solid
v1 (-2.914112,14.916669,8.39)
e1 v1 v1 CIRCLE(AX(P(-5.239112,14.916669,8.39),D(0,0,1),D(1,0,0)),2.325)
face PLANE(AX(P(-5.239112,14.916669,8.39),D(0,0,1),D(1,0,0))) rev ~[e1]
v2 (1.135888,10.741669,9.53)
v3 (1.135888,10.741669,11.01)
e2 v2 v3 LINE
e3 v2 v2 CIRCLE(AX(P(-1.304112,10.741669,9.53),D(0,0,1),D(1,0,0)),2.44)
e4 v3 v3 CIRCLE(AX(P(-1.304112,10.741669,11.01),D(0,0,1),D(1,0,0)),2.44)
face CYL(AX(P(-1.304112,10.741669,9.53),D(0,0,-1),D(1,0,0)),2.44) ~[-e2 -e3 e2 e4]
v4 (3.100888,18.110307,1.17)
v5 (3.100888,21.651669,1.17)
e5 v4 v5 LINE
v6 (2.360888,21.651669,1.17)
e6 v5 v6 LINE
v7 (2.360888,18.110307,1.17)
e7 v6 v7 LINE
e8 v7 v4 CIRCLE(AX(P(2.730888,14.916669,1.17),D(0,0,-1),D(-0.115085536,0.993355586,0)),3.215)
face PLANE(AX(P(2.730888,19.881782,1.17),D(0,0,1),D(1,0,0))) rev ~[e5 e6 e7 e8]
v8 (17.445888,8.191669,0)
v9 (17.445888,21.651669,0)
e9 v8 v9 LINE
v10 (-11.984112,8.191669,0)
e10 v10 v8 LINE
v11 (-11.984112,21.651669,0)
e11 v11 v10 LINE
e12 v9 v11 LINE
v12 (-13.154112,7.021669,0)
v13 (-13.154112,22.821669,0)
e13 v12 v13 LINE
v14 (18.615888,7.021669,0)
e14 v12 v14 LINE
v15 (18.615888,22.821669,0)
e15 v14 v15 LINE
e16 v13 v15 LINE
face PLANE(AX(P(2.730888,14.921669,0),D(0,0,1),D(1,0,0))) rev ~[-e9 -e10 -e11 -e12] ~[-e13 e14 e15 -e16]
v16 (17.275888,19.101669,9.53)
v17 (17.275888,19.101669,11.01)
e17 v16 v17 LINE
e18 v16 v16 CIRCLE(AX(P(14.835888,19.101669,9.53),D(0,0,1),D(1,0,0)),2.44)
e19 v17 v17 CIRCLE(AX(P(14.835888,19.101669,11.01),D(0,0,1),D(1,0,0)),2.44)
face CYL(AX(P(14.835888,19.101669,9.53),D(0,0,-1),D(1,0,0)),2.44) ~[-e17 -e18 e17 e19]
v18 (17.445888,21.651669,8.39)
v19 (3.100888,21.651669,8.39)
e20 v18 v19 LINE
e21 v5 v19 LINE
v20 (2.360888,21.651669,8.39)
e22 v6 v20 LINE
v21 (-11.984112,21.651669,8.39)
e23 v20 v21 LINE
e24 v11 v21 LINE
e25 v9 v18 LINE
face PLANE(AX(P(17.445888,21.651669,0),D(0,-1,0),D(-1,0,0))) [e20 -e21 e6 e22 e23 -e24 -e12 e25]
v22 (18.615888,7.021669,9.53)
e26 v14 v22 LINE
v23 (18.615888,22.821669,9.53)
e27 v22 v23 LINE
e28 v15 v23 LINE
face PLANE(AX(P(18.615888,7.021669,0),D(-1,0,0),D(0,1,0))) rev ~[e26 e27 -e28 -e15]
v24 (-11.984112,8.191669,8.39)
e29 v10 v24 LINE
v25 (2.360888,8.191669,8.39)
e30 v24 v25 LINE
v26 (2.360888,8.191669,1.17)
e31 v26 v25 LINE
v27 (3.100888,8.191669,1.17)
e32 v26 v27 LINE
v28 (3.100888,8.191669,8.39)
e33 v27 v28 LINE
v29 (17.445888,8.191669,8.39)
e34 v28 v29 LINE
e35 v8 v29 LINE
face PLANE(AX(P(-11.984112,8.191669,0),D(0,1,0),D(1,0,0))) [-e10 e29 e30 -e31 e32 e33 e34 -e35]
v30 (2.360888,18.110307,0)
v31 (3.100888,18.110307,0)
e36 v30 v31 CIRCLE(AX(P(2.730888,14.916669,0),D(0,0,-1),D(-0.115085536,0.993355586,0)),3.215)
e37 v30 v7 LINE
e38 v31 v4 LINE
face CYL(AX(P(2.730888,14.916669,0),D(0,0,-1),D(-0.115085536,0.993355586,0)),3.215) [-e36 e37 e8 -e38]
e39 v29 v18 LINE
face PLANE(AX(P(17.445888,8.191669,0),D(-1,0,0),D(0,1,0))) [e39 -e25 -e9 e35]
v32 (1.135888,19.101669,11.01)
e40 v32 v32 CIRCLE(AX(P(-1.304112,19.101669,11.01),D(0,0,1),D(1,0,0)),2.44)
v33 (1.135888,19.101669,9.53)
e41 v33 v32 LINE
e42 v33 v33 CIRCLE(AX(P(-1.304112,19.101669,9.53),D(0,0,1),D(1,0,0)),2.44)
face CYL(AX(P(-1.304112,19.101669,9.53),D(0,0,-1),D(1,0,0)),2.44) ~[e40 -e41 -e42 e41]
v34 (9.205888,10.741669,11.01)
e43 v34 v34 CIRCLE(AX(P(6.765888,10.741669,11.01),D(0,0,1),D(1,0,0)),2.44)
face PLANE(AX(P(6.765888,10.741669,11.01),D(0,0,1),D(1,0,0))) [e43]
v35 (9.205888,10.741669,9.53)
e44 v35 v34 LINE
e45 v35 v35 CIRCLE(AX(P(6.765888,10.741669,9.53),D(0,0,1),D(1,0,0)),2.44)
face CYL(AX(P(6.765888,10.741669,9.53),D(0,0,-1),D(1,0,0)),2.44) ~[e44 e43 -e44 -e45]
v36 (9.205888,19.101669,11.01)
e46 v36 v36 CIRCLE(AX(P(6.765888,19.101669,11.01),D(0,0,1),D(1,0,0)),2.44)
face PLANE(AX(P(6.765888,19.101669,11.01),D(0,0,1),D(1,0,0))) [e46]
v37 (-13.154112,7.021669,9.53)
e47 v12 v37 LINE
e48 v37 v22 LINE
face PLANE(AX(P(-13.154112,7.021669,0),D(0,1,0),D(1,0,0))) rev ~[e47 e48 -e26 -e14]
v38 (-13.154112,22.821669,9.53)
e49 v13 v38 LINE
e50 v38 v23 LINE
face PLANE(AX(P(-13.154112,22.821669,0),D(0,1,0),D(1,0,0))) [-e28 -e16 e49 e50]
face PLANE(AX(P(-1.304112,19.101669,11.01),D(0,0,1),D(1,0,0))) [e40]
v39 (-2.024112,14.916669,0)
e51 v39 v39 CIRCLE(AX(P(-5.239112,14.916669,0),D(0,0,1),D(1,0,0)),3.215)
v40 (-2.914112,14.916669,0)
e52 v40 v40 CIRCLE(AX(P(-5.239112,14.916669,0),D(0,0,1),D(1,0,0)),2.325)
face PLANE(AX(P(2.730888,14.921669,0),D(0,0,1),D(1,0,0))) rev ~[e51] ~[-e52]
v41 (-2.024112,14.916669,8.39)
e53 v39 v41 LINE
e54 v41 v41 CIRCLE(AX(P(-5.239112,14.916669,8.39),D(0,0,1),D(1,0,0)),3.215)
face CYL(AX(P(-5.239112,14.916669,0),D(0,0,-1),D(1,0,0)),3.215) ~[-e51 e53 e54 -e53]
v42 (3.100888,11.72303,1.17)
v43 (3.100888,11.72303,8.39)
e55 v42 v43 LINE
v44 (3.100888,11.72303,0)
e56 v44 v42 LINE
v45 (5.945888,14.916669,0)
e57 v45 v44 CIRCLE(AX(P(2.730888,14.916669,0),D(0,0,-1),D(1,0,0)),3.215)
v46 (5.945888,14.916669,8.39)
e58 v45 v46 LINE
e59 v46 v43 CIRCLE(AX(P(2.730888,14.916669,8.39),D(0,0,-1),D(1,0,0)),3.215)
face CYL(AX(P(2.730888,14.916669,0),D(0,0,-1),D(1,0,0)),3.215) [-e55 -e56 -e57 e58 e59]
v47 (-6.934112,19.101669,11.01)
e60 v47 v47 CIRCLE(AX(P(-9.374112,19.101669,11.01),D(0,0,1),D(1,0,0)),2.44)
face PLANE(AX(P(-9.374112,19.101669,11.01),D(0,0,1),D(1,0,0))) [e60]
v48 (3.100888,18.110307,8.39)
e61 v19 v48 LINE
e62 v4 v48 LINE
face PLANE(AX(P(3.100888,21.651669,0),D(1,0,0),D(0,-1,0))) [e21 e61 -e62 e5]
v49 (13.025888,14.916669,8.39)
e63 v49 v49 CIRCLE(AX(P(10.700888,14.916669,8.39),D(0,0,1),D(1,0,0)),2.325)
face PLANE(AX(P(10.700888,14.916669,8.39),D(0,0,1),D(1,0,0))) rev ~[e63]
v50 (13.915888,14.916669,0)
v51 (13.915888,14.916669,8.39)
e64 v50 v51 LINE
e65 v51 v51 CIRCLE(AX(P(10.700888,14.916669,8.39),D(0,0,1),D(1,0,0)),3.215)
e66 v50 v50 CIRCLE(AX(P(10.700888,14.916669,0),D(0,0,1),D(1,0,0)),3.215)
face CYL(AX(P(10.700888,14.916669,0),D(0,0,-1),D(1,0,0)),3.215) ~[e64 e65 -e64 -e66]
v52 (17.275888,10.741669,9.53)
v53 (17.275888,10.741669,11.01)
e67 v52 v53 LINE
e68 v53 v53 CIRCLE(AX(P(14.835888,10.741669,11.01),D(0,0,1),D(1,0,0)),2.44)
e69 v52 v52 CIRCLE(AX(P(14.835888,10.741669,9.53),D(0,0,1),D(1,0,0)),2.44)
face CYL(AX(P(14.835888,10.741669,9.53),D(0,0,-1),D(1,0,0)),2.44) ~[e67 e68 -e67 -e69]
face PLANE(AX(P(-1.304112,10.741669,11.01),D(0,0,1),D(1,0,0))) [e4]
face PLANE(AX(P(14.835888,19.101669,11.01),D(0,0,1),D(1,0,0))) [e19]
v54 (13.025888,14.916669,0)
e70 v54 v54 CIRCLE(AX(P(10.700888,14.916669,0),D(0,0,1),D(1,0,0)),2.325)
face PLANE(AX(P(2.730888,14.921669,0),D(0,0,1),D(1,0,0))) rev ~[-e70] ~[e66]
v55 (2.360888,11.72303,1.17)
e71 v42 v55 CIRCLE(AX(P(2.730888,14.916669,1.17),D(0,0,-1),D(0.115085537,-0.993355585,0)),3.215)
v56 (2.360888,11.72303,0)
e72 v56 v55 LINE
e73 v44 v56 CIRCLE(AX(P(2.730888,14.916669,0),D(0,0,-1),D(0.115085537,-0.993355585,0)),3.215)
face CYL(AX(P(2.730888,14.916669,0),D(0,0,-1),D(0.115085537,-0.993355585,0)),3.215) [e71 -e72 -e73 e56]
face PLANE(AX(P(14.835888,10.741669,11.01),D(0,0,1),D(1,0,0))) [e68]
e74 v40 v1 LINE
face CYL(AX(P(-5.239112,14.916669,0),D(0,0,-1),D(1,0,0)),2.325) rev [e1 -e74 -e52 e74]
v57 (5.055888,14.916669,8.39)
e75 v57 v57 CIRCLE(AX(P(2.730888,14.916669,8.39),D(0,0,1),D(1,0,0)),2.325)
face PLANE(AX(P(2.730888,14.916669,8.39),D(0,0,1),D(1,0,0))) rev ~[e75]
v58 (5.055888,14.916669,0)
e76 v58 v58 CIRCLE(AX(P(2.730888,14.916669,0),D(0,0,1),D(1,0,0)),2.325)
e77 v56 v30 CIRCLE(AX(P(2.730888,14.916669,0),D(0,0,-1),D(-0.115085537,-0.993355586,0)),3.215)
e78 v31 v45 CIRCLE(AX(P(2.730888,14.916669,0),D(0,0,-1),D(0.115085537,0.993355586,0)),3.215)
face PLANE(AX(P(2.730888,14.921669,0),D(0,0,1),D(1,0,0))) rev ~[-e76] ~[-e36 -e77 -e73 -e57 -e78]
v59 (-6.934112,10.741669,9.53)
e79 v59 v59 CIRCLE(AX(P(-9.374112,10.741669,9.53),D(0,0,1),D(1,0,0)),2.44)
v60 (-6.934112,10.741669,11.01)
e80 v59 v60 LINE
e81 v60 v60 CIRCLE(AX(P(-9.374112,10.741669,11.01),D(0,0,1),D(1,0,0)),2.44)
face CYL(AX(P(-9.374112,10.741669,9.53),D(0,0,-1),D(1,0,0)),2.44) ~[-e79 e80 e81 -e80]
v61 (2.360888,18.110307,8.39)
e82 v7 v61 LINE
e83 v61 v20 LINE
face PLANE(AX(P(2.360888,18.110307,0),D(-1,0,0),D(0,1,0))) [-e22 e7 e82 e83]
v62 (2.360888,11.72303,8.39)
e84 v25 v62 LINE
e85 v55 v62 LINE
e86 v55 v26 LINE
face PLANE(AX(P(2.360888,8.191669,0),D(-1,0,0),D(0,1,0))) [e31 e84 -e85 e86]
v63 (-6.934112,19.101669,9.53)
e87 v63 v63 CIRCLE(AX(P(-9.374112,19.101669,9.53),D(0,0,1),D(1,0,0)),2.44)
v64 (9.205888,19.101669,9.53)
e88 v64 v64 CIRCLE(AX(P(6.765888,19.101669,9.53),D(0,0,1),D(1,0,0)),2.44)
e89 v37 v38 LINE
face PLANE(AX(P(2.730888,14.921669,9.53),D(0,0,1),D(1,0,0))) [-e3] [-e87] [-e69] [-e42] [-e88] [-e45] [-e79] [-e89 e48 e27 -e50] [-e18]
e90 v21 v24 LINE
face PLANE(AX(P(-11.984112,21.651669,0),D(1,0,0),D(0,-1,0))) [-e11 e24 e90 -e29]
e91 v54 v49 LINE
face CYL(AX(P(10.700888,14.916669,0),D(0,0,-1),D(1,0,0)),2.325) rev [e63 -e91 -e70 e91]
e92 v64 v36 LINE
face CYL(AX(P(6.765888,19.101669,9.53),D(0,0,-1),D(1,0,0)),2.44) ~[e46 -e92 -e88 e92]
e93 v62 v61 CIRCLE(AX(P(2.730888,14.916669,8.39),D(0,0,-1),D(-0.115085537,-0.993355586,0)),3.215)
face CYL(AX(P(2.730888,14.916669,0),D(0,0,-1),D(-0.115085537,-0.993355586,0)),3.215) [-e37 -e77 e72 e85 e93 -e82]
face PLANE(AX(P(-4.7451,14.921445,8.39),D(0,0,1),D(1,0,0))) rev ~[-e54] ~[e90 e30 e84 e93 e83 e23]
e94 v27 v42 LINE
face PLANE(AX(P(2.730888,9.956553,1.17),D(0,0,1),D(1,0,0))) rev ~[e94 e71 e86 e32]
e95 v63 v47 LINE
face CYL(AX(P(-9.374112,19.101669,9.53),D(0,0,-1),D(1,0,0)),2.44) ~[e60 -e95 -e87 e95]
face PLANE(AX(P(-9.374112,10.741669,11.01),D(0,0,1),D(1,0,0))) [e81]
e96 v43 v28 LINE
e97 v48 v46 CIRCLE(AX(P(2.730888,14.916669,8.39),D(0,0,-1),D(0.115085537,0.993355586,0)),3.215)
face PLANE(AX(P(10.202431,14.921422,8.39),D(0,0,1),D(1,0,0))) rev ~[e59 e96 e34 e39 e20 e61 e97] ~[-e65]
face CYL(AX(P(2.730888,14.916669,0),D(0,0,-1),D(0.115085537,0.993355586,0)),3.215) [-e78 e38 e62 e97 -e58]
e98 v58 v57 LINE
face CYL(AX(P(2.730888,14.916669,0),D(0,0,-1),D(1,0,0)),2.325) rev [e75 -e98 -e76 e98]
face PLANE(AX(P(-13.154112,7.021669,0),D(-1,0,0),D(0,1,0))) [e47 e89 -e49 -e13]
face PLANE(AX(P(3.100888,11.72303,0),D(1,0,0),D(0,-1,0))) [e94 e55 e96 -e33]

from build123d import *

# Parameters (mm, degrees)
F0_W     = 31.77
F0_H     = 15.8
F0_R     = 3.215
F0_R_2   = 2.325
F1_DEPTH = 9.53
F2_DEPTH = 8.39
F3_DEPTH = 1.17
F4_R     = 2.44
F5_DEPTH = 1.48


with BuildPart() as f1:
    # F0 (on Top) → F1 (new body)
    with BuildSketch(Plane.XY):
        with Locations((2.730887816, 14.921668646)):
            Rectangle(F0_W, F0_H)
        Polygon((2.360887816, 8.191668646), (-11.984112184, 8.191668646), (-11.984112184, 21.651668646), (2.360887816, 21.651668646), (3.100887816, 21.651668646), (17.445887816, 21.651668646), (17.445887816, 8.191668646), (3.100887816, 8.191668646), align=None, mode=Mode.SUBTRACT)
        with BuildLine():
            Line((-11.984112184, 21.651668646), (-11.984112184, 8.191668646))
            Line((-11.984112184, 8.191668646), (2.360887816, 8.191668646))
            Line((2.360887816, 8.191668646), (2.360887816, 11.7230304386))
            ThreePointArc((2.360887816, 11.7230304386), (-0.484112184, 14.916668646), (2.360887816, 18.1103068535))
            Line((2.360887816, 18.1103068535), (2.360887816, 21.651668646))
            Line((2.360887816, 21.651668646), (-11.984112184, 21.651668646))
        make_face()
        with Locations((-5.239112184, 14.916668646)):
            Circle(F0_R, mode=Mode.SUBTRACT)
        with BuildLine():
            Line((3.100887816, 11.7230304386), (3.100887816, 8.191668646))
            Line((3.100887816, 8.191668646), (17.445887816, 8.191668646))
            Line((17.445887816, 8.191668646), (17.445887816, 21.651668646))
            Line((17.445887816, 21.651668646), (3.100887816, 21.651668646))
            Line((3.100887816, 21.651668646), (3.100887816, 18.1103068535))
            ThreePointArc((3.100887816, 18.1103068535), (5.1314893031, 17.0552049445), (5.945887816, 14.916668646))
            ThreePointArc((5.945887816, 14.916668646), (5.1314893031, 12.7781323475), (3.100887816, 11.7230304386))
        make_face()
        with Locations((10.700887816, 14.916668646)):
            Circle(F0_R, mode=Mode.SUBTRACT)
        with BuildLine():
            ThreePointArc((2.360887816, 18.1103068535), (-0.484112184, 14.916668646), (2.360887816, 11.7230304386))
            ThreePointArc((2.360887816, 11.7230304386), (2.730887816, 11.701668646), (3.100887816, 11.7230304386))
            ThreePointArc((3.100887816, 11.7230304386), (5.1314893031, 12.7781323475), (5.945887816, 14.916668646))
            ThreePointArc((5.945887816, 14.916668646), (5.1314893031, 17.0552049445), (3.100887816, 18.1103068535))
            ThreePointArc((3.100887816, 18.1103068535), (2.730887816, 18.131668646), (2.360887816, 18.1103068535))
        make_face()
        with Locations((2.730887816, 14.916668646)):
            Circle(F0_R_2, mode=Mode.SUBTRACT)
        with Locations((10.700887816, 14.916668646)):
            Circle(F0_R)
        with Locations((10.700887816, 14.916668646)):
            Circle(F0_R_2, mode=Mode.SUBTRACT)
        with Locations((-5.239112184, 14.916668646)):
            Circle(F0_R)
        with Locations((-5.239112184, 14.916668646)):
            Circle(F0_R_2, mode=Mode.SUBTRACT)
        with Locations((10.700887816, 14.916668646)):
            Circle(F0_R_2)
        with Locations((-5.239112184, 14.916668646)):
            Circle(F0_R_2)
        with Locations((2.730887816, 14.916668646)):
            Circle(F0_R_2)
        with BuildLine():
            Line((3.100887816, 21.651668646), (2.360887816, 21.651668646))
            Line((2.360887816, 21.651668646), (2.360887816, 18.1103068535))
            ThreePointArc((2.360887816, 18.1103068535), (2.730887816, 18.131668646), (3.100887816, 18.1103068535))
            Line((3.100887816, 18.1103068535), (3.100887816, 21.651668646))
        make_face()
        with BuildLine():
            Line((2.360887816, 11.7230304386), (2.360887816, 8.191668646))
            Line((2.360887816, 8.191668646), (3.100887816, 8.191668646))
            Line((3.100887816, 8.191668646), (3.100887816, 11.7230304386))
            ThreePointArc((3.100887816, 11.7230304386), (2.730887816, 11.701668646), (2.360887816, 11.7230304386))
        make_face()
    extrude(amount=F1_DEPTH)

    # F0 (on Top) → F2 (cut)
    with BuildSketch(Plane.XY):
        with BuildLine():
            Line((-11.984112184, 21.651668646), (-11.984112184, 8.191668646))
            Line((-11.984112184, 8.191668646), (2.360887816, 8.191668646))
            Line((2.360887816, 8.191668646), (2.360887816, 11.7230304386))
            ThreePointArc((2.360887816, 11.7230304386), (-0.484112184, 14.916668646), (2.360887816, 18.1103068535))
            Line((2.360887816, 18.1103068535), (2.360887816, 21.651668646))
            Line((2.360887816, 21.651668646), (-11.984112184, 21.651668646))
        make_face()
        with Locations((-5.239112184, 14.916668646)):
            Circle(F0_R, mode=Mode.SUBTRACT)
        with BuildLine():
            Line((3.100887816, 11.7230304386), (3.100887816, 8.191668646))
            Line((3.100887816, 8.191668646), (17.445887816, 8.191668646))
            Line((17.445887816, 8.191668646), (17.445887816, 21.651668646))
            Line((17.445887816, 21.651668646), (3.100887816, 21.651668646))
            Line((3.100887816, 21.651668646), (3.100887816, 18.1103068535))
            ThreePointArc((3.100887816, 18.1103068535), (5.1314893031, 17.0552049445), (5.945887816, 14.916668646))
            ThreePointArc((5.945887816, 14.916668646), (5.1314893031, 12.7781323475), (3.100887816, 11.7230304386))
        make_face()
        with Locations((10.700887816, 14.916668646)):
            Circle(F0_R, mode=Mode.SUBTRACT)
        with Locations((10.700887816, 14.916668646)):
            Circle(F0_R_2)
        with Locations((2.730887816, 14.916668646)):
            Circle(F0_R_2)
        with Locations((-5.239112184, 14.916668646)):
            Circle(F0_R_2)
    extrude(amount=F2_DEPTH, mode=Mode.SUBTRACT)

    # F0 (on Top) → F3 (cut)
    with BuildSketch(Plane.XY):
        with BuildLine():
            Line((2.360887816, 11.7230304386), (2.360887816, 8.191668646))
            Line((2.360887816, 8.191668646), (3.100887816, 8.191668646))
            Line((3.100887816, 8.191668646), (3.100887816, 11.7230304386))
            ThreePointArc((3.100887816, 11.7230304386), (2.730887816, 11.701668646), (2.360887816, 11.7230304386))
        make_face()
        with BuildLine():
            Line((3.100887816, 21.651668646), (2.360887816, 21.651668646))
            Line((2.360887816, 21.651668646), (2.360887816, 18.1103068535))
            ThreePointArc((2.360887816, 18.1103068535), (2.730887816, 18.131668646), (3.100887816, 18.1103068535))
            Line((3.100887816, 18.1103068535), (3.100887816, 21.651668646))
        make_face()
    extrude(amount=F3_DEPTH, mode=Mode.SUBTRACT)

    # F4 (on face) → F5 (join)
    with BuildSketch(Plane.XY.offset(9.53)):
        with Locations((-9.374112184, 19.101668646)):
            Circle(F4_R)
        with Locations((-9.374112184, 10.741668646)):
            Circle(F4_R)
        with Locations((-1.304112184, 19.101668646)):
            Circle(F4_R)
        with Locations((-1.304112184, 10.741668646)):
            Circle(F4_R)
        with Locations((6.765887816, 19.101668646)):
            Circle(F4_R)
        with Locations((6.765887816, 10.741668646)):
            Circle(F4_R)
        with Locations((14.835887816, 19.101668646)):
            Circle(F4_R)
        with Locations((14.835887816, 10.741668646)):
            Circle(F4_R)
    extrude(amount=F5_DEPTH)


solid = f1.part
